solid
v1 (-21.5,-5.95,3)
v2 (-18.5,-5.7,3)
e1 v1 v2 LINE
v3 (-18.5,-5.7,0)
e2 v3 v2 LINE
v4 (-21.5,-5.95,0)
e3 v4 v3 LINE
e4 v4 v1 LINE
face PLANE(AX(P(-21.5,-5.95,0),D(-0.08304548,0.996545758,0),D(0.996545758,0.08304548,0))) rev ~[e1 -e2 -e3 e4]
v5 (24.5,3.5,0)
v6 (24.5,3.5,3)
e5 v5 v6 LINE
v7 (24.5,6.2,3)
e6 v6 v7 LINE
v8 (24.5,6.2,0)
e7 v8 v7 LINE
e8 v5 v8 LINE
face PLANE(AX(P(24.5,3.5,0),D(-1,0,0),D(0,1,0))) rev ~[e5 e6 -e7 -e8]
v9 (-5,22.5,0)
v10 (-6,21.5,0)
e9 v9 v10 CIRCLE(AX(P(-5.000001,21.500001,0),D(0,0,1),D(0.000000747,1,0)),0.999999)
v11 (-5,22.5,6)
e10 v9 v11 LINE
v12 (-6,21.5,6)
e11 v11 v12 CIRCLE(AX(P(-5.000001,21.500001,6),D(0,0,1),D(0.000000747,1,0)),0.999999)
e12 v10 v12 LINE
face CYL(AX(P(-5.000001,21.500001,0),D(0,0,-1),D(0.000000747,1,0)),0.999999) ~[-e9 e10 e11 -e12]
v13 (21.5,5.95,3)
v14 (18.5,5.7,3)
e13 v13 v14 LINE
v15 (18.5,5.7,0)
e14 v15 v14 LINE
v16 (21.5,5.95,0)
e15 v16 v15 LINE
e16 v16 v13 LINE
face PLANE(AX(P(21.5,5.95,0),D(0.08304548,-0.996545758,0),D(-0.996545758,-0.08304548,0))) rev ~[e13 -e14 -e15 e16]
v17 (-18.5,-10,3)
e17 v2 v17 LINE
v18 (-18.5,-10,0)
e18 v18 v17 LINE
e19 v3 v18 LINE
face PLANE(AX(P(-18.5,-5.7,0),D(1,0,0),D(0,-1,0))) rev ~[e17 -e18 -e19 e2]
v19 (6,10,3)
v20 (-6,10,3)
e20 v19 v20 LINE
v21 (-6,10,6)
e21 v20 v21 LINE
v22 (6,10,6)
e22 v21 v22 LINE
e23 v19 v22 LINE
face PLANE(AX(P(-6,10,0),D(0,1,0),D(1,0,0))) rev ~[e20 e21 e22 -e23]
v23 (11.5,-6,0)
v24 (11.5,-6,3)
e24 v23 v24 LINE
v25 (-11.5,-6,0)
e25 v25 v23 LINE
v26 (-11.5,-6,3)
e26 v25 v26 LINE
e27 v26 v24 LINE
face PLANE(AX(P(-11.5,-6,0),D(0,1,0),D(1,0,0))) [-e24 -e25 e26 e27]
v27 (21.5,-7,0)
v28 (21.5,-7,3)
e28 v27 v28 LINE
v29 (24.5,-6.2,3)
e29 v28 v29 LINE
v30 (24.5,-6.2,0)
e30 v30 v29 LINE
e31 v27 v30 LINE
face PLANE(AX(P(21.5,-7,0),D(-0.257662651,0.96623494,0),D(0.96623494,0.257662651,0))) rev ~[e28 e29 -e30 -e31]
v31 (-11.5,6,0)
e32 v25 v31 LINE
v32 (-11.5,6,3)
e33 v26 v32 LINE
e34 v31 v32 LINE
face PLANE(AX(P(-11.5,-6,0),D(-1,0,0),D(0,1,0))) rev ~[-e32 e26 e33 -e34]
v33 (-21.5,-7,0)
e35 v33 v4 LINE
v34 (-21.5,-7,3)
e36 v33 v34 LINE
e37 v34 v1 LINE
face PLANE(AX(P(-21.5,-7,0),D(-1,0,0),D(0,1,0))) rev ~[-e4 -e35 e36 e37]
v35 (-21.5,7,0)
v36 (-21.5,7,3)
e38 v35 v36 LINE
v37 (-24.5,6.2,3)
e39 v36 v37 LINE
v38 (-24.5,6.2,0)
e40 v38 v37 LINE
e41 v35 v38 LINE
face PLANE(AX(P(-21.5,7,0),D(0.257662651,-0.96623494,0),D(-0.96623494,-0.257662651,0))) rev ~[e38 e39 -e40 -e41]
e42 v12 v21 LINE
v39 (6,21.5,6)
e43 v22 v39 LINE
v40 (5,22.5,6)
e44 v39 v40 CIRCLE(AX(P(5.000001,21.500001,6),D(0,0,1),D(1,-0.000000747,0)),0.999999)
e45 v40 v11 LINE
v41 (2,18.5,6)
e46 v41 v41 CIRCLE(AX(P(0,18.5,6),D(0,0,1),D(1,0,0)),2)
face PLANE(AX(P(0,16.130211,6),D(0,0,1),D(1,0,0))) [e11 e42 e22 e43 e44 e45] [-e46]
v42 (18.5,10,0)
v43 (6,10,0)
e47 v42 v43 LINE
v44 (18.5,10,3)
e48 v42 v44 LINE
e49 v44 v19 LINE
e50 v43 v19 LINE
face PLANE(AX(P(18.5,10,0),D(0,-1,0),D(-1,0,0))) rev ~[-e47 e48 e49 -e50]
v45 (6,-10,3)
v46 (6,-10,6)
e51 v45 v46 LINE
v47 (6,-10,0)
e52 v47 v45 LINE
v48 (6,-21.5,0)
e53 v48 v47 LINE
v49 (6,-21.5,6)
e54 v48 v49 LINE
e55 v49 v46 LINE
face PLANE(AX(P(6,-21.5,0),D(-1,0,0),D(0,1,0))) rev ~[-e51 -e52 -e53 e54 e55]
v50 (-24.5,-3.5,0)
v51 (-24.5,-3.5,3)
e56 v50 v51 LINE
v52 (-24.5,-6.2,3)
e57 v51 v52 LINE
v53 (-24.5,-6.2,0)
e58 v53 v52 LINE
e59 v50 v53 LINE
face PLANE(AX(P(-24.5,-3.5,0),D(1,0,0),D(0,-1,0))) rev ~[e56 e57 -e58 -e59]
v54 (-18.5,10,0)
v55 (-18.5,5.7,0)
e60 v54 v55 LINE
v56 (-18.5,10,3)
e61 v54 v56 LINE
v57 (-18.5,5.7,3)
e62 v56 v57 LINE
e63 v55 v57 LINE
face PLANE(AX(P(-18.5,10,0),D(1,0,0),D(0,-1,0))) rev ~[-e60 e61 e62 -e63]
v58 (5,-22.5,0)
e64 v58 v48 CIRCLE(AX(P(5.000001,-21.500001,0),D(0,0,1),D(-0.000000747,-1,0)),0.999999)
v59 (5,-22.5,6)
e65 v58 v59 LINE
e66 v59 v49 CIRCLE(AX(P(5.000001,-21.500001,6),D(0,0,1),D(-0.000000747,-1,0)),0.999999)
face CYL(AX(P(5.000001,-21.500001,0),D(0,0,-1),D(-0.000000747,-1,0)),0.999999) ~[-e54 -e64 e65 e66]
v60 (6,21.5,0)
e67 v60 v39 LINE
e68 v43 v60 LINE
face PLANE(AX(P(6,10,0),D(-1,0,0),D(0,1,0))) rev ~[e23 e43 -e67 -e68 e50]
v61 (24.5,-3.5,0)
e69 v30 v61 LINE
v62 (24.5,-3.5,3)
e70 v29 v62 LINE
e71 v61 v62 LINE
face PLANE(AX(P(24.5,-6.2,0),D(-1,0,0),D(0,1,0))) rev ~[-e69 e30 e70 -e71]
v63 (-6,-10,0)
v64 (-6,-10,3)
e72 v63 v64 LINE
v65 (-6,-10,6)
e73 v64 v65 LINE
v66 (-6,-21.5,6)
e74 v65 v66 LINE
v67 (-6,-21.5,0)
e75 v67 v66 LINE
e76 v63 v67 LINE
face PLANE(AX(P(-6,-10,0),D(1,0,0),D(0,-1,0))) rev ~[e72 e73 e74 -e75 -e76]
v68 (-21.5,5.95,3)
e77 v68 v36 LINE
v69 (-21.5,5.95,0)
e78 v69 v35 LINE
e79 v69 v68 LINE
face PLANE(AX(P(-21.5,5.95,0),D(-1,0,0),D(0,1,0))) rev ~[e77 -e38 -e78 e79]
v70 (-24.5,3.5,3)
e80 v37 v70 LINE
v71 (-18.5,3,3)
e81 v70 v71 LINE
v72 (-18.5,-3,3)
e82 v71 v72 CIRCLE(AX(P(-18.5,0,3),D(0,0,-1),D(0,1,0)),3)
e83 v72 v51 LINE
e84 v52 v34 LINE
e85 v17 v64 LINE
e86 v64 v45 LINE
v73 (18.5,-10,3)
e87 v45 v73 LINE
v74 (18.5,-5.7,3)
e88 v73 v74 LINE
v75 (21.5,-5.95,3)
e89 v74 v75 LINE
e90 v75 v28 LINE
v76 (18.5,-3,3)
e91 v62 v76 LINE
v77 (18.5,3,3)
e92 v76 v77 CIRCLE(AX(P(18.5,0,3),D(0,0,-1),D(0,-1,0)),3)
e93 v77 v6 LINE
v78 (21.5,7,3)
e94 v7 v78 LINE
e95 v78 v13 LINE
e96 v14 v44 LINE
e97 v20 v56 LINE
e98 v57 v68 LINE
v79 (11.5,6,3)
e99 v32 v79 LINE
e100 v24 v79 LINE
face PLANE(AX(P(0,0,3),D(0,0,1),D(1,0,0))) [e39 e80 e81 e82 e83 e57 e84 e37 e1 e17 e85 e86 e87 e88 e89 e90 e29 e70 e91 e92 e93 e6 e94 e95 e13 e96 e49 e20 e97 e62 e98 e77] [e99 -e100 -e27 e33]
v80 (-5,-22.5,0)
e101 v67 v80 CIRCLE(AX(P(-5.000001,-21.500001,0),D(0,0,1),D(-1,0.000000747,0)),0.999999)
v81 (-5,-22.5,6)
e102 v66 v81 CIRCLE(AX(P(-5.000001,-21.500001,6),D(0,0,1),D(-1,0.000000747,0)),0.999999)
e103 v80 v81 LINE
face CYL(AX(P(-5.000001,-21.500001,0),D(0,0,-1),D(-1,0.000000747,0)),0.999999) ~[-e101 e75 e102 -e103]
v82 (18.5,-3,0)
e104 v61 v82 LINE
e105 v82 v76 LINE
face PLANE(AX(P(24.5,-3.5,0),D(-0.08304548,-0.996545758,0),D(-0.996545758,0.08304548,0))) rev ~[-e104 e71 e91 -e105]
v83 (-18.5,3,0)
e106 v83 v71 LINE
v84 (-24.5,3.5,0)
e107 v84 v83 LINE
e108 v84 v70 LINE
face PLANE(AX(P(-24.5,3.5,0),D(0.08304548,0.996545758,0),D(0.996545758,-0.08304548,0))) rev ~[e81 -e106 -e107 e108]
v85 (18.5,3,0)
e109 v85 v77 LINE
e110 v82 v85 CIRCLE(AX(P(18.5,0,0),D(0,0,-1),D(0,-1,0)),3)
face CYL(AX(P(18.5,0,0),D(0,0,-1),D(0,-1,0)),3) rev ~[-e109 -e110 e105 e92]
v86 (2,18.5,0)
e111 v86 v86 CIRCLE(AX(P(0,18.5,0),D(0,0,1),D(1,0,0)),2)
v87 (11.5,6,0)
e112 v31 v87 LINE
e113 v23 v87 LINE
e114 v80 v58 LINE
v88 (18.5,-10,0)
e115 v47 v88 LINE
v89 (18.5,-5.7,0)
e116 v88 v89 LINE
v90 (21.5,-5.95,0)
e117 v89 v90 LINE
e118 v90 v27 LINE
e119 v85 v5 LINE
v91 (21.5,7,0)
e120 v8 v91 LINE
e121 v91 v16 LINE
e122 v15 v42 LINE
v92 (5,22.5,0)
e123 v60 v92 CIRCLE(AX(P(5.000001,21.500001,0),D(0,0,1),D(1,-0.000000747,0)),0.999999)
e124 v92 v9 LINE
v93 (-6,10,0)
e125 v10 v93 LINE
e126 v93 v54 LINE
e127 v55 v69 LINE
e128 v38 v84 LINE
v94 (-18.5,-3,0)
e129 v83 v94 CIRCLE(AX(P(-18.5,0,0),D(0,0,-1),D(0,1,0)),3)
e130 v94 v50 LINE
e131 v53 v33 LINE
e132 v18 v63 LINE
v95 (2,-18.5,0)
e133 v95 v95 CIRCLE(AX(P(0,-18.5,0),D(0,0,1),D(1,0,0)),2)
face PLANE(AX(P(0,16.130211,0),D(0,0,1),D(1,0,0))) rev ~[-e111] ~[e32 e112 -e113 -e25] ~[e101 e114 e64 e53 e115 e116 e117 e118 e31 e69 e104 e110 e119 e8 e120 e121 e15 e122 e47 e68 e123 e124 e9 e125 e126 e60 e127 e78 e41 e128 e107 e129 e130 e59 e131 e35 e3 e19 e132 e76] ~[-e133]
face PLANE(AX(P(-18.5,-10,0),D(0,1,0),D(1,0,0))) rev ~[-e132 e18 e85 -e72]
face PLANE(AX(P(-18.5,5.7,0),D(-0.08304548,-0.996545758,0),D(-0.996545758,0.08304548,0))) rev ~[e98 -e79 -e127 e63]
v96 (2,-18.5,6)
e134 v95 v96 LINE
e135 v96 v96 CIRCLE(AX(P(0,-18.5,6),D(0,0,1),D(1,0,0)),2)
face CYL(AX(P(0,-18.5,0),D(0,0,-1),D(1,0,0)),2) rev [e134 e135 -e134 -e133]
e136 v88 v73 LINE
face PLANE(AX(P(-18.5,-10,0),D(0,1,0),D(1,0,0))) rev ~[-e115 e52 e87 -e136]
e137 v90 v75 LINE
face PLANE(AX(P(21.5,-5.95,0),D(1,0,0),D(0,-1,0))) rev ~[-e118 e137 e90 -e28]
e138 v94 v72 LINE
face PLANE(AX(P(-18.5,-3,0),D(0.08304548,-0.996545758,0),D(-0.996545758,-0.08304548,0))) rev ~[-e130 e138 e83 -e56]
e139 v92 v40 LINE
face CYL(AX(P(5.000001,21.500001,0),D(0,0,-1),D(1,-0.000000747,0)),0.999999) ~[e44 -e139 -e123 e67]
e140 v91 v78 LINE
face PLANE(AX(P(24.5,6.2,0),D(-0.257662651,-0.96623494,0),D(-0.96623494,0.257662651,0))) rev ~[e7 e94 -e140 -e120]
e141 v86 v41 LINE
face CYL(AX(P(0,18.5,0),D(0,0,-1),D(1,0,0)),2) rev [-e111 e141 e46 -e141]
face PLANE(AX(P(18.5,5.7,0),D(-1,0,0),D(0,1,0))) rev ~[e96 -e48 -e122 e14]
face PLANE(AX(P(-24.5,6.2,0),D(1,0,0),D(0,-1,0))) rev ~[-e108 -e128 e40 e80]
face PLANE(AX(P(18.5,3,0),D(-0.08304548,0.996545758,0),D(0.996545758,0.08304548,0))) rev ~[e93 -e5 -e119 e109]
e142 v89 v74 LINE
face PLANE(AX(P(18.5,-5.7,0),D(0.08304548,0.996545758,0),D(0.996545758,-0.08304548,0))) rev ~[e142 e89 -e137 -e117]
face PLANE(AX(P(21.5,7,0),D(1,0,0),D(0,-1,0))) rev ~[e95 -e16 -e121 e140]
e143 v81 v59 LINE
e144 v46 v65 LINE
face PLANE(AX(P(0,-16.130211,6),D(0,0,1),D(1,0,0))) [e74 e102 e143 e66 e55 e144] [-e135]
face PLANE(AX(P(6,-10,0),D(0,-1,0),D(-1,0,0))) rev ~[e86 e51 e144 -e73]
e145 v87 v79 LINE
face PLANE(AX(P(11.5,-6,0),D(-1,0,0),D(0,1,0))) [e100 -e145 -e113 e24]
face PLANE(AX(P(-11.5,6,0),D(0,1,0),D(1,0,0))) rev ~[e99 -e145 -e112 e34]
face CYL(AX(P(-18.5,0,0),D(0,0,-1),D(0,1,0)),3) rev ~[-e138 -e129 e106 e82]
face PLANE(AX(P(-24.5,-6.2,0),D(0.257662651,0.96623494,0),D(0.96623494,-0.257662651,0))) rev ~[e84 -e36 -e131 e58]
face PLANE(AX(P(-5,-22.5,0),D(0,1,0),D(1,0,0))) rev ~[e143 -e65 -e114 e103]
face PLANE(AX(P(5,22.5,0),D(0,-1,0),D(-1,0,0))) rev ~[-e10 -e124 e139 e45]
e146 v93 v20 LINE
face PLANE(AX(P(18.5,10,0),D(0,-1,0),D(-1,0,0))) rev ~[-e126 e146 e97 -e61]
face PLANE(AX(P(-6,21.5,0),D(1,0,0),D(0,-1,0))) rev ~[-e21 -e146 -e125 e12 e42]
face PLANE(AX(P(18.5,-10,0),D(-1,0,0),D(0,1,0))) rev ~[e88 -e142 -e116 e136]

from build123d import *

# Parameters (mm, degrees)
F0_W     = 23
F0_H     = 12
F1_DEPTH = 3
F2_R     = 2
F3_DEPTH = 6


with BuildPart() as f1:
    # F0 (on Top) → F1 (new body)
    with BuildSketch(Plane.XY):
        with BuildLine():
            Line((18.5, 7), (18.5, 10))
            Line((18.5, 10), (-18.5, 10))
            Line((-18.5, 10), (-18.5, 7))
            Line((-18.5, 7), (-18.5, 5.7))
            Line((-18.5, 5.7), (-21.5, 5.95))
            Line((-21.5, 5.95), (-21.5, 7))
            Line((-21.5, 7), (-24.5, 6.2))
            Line((-24.5, 6.2), (-24.5, 3.5))
            Line((-24.5, 3.5), (-18.5, 3))
            ThreePointArc((-18.5, 3), (-15.5, 0), (-18.5, -3))
            Line((-18.5, -3), (-24.5, -3.5))
            Line((-24.5, -3.5), (-24.5, -6.2))
            Line((-24.5, -6.2), (-21.5, -7))
            Line((-21.5, -7), (-21.5, -5.95))
            Line((-21.5, -5.95), (-18.5, -5.7))
            Line((-18.5, -5.7), (-18.5, -7))
            Line((-18.5, -7), (-18.5, -10))
            Line((-18.5, -10), (18.5, -10))
            Line((18.5, -10), (18.5, -7))
            Line((18.5, -7), (18.5, -5.7))
            Line((18.5, -5.7), (21.5, -5.95))
            Line((21.5, -5.95), (21.5, -7))
            Line((21.5, -7), (24.5, -6.2))
            Line((24.5, -6.2), (24.5, -3.5))
            Line((24.5, -3.5), (18.5, -3))
            ThreePointArc((18.5, -3), (15.5, 0), (18.5, 3))
            Line((18.5, 3), (24.5, 3.5))
            Line((24.5, 3.5), (24.5, 6.2))
            Line((24.5, 6.2), (21.5, 7))
            Line((21.5, 7), (21.5, 5.95))
            Line((21.5, 5.95), (18.5, 5.7))
            Line((18.5, 5.7), (18.5, 7))
        make_face()
        Rectangle(F0_W, F0_H, mode=Mode.SUBTRACT)
    extrude(amount=F1_DEPTH)

    # F2 (on Top) → F3 (join)
    with BuildSketch(Plane.XY):
        with BuildLine():
            Line((-6, 10), (6, 10))
            Line((6, 10), (6, 21.5))
            ThreePointArc((6, 21.5), (5.707107, 22.207107), (5, 22.5))
            Line((5, 22.5), (-5, 22.5))
            ThreePointArc((-5, 22.5), (-5.707107, 22.207107), (-6, 21.5))
            Line((-6, 21.5), (-6, 10))
        make_face()
        with Locations((0, 18.5)):
            Circle(F2_R, mode=Mode.SUBTRACT)
        with BuildLine():
            Line((6, -21.5), (6, -10))
            Line((6, -10), (-6, -10))
            Line((-6, -10), (-6, -21.5))
            ThreePointArc((-6, -21.5), (-5.707107, -22.207107), (-5, -22.5))
            Line((-5, -22.5), (5, -22.5))
            ThreePointArc((5, -22.5), (5.707107, -22.207107), (6, -21.5))
        make_face()
        with Locations((0, -18.5)):
            Circle(F2_R, mode=Mode.SUBTRACT)
    extrude(amount=F3_DEPTH)


solid = f1.part
